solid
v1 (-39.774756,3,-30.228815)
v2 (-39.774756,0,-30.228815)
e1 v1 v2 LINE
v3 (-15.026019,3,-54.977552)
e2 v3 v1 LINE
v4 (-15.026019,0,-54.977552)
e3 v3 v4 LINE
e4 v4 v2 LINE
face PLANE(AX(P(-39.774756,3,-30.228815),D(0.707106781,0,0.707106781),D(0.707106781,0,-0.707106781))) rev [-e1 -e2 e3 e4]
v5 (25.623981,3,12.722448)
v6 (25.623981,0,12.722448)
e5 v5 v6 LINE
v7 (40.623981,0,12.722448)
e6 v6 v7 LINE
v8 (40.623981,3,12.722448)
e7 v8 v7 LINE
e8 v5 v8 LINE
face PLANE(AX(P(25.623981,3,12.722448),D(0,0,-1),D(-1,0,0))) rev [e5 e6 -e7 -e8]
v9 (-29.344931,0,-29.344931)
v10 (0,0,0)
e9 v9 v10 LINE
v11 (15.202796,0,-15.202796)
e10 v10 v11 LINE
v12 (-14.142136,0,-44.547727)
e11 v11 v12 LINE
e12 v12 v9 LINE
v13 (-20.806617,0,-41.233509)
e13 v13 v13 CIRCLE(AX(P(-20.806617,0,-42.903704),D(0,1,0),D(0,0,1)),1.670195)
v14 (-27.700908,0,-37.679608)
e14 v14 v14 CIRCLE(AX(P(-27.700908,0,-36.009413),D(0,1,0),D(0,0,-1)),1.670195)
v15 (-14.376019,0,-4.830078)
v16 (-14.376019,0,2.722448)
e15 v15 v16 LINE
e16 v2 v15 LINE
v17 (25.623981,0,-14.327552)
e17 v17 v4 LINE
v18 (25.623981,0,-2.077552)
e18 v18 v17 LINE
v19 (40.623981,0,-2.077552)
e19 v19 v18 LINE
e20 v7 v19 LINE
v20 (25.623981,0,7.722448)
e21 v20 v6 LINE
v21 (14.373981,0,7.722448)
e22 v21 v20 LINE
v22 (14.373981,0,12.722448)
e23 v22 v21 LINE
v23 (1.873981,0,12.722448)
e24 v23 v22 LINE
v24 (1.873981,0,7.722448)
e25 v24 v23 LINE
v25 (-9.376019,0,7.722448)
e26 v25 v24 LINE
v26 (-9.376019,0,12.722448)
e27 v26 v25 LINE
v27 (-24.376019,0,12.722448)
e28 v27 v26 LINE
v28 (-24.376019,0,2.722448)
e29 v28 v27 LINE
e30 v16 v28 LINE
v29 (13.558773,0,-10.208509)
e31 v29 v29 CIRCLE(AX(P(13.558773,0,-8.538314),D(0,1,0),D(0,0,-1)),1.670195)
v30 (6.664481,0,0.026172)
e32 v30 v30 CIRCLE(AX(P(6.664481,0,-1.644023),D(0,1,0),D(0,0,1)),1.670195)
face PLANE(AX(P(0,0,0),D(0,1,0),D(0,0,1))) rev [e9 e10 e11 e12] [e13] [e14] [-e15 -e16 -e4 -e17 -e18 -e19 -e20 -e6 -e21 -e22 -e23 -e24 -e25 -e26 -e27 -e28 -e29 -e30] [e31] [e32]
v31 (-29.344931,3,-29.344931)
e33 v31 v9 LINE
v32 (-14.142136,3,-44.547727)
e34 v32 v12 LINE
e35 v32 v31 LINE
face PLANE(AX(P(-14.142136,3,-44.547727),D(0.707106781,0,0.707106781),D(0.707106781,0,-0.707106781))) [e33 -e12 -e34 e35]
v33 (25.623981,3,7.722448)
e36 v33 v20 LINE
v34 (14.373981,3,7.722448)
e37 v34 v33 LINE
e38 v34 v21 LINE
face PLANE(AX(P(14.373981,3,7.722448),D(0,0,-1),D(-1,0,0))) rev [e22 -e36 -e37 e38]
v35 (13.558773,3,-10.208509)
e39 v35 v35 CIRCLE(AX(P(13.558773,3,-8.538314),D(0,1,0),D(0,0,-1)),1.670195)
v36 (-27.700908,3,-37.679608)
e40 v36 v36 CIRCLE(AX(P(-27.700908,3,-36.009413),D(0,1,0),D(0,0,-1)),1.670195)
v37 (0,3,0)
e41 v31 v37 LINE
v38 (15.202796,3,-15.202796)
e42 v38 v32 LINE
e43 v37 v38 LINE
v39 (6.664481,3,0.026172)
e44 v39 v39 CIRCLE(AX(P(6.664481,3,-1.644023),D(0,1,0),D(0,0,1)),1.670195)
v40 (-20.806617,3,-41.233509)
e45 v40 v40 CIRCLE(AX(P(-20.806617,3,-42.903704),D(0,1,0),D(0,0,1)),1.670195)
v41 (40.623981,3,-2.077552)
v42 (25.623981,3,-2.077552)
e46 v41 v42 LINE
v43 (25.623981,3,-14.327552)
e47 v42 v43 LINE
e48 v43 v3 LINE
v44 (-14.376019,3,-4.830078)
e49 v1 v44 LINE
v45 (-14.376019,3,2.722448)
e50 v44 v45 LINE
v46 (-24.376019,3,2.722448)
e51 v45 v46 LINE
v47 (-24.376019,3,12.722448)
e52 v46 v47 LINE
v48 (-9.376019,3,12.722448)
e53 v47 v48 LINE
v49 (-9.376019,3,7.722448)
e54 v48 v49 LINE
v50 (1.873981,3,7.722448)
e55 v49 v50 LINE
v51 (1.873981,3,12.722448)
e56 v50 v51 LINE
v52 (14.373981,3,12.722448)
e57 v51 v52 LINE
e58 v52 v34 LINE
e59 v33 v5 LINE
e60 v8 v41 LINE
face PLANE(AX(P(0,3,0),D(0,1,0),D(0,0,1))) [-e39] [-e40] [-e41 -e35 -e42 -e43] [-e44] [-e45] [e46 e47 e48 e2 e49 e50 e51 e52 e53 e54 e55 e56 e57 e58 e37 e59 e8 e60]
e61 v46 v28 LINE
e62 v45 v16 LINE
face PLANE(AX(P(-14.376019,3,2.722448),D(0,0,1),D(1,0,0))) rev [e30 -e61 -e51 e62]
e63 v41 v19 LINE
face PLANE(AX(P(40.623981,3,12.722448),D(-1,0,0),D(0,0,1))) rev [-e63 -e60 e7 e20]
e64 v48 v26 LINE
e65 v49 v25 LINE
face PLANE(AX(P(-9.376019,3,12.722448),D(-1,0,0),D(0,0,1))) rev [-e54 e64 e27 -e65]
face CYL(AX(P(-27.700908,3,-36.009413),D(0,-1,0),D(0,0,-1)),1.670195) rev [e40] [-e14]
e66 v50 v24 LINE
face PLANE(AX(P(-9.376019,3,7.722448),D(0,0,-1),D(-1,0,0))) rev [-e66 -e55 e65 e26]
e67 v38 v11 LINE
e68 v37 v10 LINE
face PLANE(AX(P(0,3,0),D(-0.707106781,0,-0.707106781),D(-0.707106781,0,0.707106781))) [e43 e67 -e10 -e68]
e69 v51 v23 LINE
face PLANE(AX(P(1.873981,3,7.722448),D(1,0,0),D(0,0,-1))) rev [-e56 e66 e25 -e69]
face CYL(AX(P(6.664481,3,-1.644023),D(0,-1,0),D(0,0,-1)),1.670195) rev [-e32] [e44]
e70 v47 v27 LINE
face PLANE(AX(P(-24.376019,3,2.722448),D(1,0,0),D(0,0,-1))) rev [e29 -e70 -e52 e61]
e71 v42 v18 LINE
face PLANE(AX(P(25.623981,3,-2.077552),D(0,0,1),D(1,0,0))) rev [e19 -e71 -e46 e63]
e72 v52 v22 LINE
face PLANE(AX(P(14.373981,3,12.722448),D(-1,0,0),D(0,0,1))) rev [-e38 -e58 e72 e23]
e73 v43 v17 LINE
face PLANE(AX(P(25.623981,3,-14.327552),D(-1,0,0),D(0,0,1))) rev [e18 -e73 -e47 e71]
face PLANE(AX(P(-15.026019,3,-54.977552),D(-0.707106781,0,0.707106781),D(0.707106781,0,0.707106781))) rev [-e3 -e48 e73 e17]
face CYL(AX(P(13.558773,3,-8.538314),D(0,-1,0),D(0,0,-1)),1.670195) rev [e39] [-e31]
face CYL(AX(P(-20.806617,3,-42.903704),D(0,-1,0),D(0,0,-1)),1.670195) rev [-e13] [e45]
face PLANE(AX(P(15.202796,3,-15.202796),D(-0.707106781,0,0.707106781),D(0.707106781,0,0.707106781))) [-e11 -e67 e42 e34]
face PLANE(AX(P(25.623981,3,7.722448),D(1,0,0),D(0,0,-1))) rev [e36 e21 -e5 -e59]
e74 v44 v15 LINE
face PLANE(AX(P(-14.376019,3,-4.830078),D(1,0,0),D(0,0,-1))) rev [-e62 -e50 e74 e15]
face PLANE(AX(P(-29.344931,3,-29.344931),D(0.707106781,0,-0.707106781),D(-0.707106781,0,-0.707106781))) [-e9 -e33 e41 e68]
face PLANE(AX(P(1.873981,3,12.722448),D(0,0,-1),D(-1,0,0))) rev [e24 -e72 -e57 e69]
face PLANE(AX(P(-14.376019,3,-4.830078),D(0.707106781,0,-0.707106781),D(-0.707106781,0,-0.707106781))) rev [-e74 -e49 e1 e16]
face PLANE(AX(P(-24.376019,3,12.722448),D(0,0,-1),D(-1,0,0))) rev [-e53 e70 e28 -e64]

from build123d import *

# Parameters (mm, degrees)
SKETCH_1_R      = 1.670194834
EXTRUDE_1_DEPTH = 3


with BuildPart() as part:
    # 草图1 → 凸台-拉伸1 (new body)
    with BuildSketch(Plane(origin=(0, 0, 0), x_dir=(1, 0, 0), z_dir=(0, 1, 0))):
        Polygon((-14.3760191, 4.830077554), (-14.3760191, -2.722447763), (-24.3760191, -2.722447763), (-24.3760191, -12.722447763), (-9.3760191, -12.722447763), (-9.3760191, -7.722447763), (1.8739809, -7.722447763), (1.8739809, -12.722447763), (14.3739809, -12.722447763), (14.3739809, -7.722447763), (25.6239809, -7.722447763), (25.6239809, -12.722447763), (40.6239809, -12.722447763), (40.6239809, 2.077552237), (25.6239809, 2.077552237), (25.6239809, 14.327552237), (-15.0260191, 54.977552237), (-39.774756442, 30.228814896), align=None)
        with Locations(Location((-20.806617036, 42.903703948, 0), (0, 0, 270))):
            Circle(SKETCH_1_R, mode=Mode.SUBTRACT)
        with Locations(Location((-27.700908153, 36.009412832, 0), (0, 0, 90))):
            Circle(SKETCH_1_R, mode=Mode.SUBTRACT)
        with Locations(Location((6.664481413, 1.644023266, 0), (0, 0, 270))):
            Circle(SKETCH_1_R, mode=Mode.SUBTRACT)
        with Locations(Location((13.558772529, 8.538314383, 0), (0, 0, 90))):
            Circle(SKETCH_1_R, mode=Mode.SUBTRACT)
        Polygon((0, 0), (15.202795796, 15.202795796), (-14.142135624, 44.547727215), (-29.344931419, 29.344931419), align=None, mode=Mode.SUBTRACT)
    extrude(amount=EXTRUDE_1_DEPTH)


solid = part.part
